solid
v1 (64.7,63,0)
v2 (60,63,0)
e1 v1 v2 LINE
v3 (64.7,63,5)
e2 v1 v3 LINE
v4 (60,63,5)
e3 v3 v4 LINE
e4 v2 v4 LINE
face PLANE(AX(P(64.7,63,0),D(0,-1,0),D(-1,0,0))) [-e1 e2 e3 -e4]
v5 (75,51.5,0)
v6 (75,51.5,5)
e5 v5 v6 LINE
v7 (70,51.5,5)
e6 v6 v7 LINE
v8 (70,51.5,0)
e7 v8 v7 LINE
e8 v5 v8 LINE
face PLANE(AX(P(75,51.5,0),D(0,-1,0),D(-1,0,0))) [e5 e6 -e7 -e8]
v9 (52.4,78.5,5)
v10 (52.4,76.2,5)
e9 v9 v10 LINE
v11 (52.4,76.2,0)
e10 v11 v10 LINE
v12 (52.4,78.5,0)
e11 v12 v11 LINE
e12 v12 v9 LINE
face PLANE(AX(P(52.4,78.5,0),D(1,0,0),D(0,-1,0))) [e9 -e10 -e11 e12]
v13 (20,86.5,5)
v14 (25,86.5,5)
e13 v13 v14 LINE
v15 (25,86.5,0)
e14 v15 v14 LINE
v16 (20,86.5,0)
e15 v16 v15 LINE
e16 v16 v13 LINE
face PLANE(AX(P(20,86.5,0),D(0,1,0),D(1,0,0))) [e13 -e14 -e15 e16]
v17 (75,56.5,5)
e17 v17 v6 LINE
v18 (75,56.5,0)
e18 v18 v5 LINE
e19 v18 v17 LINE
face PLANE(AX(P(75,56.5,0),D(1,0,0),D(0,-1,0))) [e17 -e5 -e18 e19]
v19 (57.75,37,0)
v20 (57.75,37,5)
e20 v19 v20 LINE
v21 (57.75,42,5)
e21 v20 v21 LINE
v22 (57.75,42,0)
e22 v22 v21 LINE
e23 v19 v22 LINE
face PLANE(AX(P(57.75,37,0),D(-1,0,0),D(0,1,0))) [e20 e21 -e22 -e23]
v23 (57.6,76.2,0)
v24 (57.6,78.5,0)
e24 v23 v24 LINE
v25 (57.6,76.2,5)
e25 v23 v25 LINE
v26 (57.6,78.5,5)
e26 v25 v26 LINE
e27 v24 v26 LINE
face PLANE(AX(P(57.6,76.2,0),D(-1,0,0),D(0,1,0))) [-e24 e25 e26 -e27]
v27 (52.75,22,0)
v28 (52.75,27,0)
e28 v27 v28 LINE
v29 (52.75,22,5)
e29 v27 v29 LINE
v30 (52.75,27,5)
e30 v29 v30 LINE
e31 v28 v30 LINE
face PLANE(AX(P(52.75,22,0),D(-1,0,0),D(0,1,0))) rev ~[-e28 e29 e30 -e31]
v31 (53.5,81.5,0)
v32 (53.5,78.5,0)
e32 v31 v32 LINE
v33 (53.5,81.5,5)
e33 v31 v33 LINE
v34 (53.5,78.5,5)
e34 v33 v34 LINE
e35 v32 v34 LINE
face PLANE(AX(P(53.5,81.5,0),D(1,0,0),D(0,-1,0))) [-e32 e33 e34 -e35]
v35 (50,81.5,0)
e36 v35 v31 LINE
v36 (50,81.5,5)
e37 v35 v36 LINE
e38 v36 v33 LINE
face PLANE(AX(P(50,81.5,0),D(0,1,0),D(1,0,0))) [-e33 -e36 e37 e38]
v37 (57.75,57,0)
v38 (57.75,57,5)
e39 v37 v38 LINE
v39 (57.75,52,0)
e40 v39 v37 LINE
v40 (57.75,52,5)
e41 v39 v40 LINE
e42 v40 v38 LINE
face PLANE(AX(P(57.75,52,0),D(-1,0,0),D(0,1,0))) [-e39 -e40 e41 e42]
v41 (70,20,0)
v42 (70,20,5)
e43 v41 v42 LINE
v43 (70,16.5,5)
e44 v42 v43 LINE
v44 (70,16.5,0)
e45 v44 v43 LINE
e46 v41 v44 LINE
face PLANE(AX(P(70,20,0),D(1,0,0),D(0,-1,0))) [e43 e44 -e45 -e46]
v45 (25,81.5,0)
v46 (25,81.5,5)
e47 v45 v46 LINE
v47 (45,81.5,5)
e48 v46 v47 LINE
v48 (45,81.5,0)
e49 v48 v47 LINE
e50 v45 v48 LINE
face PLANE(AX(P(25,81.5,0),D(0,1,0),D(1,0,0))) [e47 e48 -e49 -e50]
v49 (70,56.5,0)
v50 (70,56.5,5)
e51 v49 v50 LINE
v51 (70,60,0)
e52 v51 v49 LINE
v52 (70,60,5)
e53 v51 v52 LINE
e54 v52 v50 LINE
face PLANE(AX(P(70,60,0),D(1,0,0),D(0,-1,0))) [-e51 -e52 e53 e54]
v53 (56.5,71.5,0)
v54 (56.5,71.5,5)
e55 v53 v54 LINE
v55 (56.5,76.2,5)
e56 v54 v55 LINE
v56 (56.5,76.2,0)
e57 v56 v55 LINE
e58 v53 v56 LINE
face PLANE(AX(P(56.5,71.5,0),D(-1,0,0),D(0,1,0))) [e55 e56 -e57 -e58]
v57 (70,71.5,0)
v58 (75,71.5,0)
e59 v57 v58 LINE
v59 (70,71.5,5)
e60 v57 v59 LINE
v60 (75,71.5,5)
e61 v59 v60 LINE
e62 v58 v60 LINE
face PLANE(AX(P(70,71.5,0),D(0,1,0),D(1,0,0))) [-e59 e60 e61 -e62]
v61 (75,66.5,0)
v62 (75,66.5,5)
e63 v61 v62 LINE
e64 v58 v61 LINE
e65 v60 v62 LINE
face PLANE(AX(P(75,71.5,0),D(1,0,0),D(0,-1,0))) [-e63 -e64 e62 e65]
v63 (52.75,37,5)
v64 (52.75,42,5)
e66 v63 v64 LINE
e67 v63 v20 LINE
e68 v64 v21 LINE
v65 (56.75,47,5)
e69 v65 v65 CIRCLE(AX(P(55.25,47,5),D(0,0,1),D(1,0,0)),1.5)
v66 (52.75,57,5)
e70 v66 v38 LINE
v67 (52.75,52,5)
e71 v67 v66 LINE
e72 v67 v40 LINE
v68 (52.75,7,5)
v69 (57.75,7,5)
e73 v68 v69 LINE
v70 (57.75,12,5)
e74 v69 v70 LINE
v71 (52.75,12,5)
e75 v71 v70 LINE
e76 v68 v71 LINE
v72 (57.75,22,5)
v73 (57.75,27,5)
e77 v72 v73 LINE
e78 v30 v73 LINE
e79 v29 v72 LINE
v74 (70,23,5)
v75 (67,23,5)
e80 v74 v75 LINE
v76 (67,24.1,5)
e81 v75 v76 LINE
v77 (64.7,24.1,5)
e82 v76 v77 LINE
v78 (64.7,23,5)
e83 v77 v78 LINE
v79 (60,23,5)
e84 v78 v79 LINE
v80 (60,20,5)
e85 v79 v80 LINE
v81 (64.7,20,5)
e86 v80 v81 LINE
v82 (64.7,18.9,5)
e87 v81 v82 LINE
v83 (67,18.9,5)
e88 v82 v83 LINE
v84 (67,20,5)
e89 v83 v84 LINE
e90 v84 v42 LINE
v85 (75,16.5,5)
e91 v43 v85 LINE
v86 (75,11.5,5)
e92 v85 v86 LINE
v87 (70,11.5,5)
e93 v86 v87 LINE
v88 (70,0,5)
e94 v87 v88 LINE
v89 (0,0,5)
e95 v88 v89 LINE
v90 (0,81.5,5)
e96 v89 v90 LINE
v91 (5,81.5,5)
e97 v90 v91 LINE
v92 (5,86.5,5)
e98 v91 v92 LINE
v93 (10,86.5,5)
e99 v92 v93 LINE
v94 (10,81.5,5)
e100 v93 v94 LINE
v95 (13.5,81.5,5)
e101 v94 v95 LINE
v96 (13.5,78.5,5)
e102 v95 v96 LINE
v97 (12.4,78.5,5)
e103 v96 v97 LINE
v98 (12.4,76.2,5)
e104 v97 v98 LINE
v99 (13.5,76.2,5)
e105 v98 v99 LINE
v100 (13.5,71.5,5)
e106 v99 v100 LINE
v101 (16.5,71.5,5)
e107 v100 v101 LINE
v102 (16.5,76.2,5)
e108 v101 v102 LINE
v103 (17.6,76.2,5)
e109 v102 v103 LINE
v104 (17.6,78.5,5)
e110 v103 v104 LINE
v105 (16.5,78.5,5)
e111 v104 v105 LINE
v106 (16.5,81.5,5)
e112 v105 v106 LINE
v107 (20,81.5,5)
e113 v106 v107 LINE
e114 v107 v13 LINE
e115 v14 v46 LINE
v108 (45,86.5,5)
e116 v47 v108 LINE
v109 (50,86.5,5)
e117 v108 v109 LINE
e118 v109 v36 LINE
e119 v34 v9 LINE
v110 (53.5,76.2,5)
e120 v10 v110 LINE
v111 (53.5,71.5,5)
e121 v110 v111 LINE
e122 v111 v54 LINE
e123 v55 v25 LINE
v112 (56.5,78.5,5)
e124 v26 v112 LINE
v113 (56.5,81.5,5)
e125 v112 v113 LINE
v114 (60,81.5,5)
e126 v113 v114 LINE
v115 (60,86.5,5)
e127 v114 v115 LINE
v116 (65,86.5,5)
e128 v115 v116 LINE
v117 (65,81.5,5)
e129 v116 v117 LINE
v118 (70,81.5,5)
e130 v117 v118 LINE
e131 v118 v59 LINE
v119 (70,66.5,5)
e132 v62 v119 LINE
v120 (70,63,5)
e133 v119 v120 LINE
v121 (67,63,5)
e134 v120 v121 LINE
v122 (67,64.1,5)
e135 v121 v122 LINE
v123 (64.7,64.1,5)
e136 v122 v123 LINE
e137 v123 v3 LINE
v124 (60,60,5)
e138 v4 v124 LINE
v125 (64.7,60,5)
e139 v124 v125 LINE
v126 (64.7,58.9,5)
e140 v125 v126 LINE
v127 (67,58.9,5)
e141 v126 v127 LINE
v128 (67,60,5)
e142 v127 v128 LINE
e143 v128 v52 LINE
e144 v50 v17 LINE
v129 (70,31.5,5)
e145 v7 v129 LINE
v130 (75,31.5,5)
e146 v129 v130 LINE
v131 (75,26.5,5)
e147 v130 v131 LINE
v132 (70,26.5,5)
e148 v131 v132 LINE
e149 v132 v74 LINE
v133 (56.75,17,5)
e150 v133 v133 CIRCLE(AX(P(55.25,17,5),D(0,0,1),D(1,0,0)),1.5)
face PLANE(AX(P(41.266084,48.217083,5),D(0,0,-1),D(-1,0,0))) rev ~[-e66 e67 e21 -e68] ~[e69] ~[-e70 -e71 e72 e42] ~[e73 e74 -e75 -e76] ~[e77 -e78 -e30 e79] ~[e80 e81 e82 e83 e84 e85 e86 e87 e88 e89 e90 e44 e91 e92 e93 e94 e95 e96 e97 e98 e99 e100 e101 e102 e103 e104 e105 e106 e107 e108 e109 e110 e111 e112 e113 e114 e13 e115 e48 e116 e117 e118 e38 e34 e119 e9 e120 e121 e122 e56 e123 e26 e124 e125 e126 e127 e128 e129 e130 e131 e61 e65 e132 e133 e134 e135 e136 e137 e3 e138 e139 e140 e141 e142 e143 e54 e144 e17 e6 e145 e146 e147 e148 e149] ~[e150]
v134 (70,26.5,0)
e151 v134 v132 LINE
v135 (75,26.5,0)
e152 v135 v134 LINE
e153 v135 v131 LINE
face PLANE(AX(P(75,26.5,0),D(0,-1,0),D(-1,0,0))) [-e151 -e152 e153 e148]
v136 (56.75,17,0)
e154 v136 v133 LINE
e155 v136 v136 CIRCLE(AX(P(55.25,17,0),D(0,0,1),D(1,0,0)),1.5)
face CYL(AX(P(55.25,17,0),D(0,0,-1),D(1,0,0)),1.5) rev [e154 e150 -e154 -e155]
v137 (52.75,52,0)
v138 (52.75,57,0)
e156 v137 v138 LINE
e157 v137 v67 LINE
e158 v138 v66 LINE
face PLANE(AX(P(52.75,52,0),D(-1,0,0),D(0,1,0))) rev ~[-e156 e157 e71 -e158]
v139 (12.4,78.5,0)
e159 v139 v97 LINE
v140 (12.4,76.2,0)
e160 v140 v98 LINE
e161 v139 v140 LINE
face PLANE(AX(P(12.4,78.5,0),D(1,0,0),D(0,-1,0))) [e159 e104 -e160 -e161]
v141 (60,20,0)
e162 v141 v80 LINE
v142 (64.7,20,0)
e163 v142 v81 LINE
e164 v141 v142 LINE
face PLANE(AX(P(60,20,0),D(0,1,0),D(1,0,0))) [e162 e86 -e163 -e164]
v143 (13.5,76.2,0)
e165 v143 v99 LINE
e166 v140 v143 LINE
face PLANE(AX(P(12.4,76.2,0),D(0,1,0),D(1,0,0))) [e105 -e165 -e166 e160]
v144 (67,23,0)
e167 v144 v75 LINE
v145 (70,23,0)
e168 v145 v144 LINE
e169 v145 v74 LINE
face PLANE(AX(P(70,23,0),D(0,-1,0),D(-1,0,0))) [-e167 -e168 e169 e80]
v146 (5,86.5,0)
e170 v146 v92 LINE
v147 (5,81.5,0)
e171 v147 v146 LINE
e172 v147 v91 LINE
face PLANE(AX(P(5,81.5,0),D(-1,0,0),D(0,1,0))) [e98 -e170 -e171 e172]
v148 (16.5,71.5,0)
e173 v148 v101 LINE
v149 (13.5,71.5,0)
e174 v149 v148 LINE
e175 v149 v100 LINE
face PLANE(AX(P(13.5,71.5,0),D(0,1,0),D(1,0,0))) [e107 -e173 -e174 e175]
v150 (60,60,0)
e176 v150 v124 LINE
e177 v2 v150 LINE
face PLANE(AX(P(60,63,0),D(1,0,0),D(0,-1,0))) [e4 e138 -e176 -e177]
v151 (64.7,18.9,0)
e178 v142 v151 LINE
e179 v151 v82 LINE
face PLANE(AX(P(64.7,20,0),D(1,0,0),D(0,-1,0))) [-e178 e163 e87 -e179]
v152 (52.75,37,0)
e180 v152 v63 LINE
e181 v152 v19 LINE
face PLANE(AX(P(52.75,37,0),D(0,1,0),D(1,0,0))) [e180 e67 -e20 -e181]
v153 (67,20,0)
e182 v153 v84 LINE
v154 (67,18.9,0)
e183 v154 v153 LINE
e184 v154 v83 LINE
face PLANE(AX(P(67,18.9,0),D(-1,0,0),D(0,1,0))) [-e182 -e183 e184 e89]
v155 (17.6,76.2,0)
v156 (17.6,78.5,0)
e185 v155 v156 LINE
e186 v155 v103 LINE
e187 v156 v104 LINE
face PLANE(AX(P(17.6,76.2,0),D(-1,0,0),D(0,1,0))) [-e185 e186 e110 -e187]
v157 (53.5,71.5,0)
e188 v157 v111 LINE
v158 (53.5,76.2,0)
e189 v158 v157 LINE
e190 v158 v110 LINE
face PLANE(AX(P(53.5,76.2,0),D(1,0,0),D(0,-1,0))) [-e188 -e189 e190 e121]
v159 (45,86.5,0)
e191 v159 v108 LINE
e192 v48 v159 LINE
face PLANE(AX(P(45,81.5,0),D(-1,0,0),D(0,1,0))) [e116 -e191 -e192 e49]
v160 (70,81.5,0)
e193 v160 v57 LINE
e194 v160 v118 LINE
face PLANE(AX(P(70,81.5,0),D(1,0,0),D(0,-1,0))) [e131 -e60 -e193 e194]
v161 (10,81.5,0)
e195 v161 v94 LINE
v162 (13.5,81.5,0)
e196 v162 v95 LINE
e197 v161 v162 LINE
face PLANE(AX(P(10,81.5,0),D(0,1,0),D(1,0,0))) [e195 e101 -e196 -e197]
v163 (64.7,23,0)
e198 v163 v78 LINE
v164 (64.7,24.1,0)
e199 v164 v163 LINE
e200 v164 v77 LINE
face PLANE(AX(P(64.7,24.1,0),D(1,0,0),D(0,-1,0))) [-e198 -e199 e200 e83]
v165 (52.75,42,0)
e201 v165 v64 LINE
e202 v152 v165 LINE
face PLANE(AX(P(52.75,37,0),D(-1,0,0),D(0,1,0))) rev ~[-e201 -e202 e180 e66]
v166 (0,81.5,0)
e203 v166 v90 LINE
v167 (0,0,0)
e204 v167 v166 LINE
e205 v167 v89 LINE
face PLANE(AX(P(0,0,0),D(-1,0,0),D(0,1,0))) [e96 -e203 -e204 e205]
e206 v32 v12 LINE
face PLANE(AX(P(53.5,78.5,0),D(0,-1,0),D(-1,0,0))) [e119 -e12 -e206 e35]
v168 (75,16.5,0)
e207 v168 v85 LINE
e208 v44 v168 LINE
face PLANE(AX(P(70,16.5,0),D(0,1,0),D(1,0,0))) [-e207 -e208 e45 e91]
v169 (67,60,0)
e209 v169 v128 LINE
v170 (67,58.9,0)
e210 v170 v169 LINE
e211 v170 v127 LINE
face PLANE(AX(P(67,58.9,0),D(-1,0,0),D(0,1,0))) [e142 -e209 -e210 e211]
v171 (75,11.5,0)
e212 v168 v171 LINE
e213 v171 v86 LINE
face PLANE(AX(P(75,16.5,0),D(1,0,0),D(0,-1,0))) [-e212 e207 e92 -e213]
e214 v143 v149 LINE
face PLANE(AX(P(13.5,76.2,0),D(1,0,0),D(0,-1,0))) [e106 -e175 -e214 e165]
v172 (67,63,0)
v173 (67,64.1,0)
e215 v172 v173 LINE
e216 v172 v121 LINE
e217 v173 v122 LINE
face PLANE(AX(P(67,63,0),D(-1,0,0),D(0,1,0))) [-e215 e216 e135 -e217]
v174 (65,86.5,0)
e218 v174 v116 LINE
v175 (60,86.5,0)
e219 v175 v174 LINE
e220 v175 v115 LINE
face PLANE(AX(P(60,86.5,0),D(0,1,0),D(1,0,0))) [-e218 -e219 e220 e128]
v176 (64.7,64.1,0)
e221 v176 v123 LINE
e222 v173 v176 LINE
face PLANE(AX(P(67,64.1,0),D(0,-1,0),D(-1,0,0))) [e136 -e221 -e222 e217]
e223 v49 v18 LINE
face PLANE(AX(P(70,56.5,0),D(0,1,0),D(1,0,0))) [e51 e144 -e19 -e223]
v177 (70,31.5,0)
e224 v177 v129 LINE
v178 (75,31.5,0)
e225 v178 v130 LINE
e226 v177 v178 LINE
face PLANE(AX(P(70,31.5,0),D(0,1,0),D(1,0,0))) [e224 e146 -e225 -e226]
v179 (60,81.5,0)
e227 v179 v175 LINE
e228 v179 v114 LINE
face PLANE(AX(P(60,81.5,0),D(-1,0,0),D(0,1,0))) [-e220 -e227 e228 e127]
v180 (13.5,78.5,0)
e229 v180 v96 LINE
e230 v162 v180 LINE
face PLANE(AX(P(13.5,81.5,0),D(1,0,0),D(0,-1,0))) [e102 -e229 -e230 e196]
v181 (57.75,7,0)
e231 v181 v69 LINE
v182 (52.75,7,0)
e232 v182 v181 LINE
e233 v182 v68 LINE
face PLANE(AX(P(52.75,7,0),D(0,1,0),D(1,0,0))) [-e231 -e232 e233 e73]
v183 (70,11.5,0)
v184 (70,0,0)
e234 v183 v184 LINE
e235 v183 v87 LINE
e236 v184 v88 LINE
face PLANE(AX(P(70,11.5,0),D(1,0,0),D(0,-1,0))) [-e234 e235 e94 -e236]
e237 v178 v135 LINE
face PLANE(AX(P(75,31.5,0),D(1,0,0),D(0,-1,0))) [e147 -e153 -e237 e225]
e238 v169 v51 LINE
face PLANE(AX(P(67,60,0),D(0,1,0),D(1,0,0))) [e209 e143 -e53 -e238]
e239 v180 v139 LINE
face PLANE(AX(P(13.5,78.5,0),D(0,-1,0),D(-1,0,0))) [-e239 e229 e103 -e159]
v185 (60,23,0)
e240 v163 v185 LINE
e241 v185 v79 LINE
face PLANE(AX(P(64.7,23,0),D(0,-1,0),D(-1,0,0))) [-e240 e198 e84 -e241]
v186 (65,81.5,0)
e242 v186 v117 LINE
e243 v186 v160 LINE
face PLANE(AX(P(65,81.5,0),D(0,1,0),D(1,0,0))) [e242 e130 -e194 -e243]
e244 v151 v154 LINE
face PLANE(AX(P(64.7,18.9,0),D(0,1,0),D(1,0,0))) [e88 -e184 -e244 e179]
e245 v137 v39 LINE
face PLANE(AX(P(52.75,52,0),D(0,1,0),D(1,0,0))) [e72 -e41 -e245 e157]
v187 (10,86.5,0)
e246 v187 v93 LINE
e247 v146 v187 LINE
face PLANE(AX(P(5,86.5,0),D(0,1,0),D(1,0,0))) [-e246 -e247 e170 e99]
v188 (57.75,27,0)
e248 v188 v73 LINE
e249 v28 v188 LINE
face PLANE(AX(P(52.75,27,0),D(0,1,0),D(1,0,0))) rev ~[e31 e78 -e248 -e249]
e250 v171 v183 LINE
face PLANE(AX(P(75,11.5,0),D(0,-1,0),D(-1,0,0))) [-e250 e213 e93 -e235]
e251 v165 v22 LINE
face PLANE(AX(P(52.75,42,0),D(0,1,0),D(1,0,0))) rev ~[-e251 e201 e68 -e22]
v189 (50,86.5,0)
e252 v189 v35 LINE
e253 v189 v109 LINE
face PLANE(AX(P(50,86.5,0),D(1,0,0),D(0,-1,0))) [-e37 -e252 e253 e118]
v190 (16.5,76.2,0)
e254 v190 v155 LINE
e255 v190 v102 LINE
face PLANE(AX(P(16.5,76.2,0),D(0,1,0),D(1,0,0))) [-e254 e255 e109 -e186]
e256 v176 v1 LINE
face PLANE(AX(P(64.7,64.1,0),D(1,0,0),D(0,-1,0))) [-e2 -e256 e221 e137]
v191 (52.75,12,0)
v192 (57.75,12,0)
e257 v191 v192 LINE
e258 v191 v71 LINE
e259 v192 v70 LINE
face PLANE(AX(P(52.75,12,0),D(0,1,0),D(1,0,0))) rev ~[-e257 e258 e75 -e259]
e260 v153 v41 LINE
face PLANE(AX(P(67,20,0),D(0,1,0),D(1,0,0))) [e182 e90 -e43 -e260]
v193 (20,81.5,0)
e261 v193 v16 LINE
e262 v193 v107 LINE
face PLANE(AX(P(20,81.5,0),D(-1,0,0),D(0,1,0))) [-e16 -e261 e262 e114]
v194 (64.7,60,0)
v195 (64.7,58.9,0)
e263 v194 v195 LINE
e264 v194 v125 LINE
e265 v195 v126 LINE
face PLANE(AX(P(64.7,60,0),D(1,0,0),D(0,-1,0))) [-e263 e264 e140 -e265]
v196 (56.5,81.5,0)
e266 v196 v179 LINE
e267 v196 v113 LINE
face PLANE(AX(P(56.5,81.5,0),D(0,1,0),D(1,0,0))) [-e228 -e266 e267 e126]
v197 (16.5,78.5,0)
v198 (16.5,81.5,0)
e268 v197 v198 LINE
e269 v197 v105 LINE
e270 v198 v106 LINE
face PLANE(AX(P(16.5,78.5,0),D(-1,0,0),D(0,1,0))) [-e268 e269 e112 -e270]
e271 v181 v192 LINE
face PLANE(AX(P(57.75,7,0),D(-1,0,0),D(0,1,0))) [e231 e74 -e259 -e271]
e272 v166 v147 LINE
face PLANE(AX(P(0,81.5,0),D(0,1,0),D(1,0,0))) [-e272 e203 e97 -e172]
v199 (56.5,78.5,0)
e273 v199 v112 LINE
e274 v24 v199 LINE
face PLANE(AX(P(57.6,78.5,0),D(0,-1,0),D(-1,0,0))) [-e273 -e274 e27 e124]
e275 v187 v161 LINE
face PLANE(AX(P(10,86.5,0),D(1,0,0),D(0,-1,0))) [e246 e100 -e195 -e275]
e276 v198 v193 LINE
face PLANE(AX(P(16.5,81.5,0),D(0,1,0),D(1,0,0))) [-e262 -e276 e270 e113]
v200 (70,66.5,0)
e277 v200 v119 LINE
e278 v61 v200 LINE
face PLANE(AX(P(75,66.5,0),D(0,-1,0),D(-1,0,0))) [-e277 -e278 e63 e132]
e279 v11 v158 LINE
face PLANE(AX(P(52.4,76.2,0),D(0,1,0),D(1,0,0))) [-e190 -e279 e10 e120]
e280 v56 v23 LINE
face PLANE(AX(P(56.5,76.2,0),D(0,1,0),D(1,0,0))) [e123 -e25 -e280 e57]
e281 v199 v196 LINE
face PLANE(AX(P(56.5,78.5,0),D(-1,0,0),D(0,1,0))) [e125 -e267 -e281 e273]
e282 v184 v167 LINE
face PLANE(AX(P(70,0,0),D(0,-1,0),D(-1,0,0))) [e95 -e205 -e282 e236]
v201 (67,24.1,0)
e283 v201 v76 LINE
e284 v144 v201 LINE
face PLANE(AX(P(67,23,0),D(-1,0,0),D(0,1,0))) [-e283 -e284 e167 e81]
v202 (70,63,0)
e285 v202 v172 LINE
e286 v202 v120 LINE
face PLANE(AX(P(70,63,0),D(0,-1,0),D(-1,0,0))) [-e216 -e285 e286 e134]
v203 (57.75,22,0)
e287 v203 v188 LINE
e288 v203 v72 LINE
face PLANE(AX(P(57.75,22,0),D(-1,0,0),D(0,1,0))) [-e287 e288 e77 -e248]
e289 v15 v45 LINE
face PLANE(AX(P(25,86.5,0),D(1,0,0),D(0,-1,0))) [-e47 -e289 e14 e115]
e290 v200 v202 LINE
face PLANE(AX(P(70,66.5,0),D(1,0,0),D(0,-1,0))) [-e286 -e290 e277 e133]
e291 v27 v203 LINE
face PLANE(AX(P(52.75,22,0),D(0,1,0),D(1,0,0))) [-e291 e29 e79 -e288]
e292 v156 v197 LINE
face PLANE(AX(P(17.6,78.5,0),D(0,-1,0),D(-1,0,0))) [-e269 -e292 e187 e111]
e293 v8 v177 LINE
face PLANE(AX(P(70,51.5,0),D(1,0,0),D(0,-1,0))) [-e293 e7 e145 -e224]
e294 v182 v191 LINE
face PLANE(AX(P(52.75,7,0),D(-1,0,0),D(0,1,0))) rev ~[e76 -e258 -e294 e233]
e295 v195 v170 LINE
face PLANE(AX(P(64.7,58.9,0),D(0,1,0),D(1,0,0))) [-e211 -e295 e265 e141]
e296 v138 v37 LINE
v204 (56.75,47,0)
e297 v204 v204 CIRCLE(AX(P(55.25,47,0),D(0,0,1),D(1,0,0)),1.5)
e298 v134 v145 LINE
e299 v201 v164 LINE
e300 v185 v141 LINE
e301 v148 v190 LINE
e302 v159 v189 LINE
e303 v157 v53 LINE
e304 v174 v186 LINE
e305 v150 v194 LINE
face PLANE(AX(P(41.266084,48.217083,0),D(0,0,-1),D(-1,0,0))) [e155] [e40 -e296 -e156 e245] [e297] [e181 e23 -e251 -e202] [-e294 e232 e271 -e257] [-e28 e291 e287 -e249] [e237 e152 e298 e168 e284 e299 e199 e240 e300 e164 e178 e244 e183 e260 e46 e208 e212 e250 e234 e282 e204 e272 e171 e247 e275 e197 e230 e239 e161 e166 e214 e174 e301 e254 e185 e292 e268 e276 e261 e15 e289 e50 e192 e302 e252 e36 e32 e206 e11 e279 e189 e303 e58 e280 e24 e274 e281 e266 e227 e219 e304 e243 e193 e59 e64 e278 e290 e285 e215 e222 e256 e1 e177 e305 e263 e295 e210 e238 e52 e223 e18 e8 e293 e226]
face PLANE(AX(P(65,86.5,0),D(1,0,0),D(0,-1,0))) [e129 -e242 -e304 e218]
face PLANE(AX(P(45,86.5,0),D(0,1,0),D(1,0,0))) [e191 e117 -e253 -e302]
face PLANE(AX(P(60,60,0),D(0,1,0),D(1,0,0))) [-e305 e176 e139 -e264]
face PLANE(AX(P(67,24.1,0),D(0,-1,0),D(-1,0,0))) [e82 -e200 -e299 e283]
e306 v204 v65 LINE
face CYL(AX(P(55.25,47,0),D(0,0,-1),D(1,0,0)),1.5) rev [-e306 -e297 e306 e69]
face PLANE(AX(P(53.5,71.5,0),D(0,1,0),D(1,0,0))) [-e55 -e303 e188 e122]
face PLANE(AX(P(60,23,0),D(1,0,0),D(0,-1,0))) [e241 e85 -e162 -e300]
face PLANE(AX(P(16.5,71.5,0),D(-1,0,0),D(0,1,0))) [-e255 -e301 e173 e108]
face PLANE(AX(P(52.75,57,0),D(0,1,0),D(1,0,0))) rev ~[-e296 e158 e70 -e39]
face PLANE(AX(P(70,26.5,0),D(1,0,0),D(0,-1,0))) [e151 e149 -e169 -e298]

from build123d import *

# Parameters (mm, degrees)
SKETCH1_R           = 1.5
SKETCH1_W           = 5
SKETCH1_H           = 5
BOSS_EXTRUDE1_DEPTH = 5


with BuildPart() as part:
    # Sketch1 → Boss-Extrude1 (new body)
    with BuildSketch(Plane.XY):
        Polygon((70, 81.5), (70, 71.5), (75, 71.5), (75, 66.5), (70, 66.5), (70, 63), (67, 63), (67, 64.1), (64.7, 64.1), (64.7, 63), (60, 63), (60, 60), (64.7, 60), (64.7, 58.9), (67, 58.9), (67, 60), (70, 60), (70, 56.5), (75, 56.5), (75, 51.5), (70, 51.5), (70, 31.5), (75, 31.5), (75, 26.5), (70, 26.5), (70, 23), (67, 23), (67, 24.1), (64.7, 24.1), (64.7, 23), (60, 23), (60, 20), (64.7, 20), (64.7, 18.9), (67, 18.9), (67, 20), (70, 20), (70, 16.5), (75, 16.5), (75, 11.5), (70, 11.5), (70, 0), (0, 0), (0, 81.5), (5, 81.5), (5, 86.5), (10, 86.5), (10, 81.5), (13.5, 81.5), (13.5, 78.5), (12.4, 78.5), (12.4, 76.2), (13.5, 76.2), (13.5, 71.5), (16.5, 71.5), (16.5, 76.2), (17.6, 76.2), (17.6, 78.5), (16.5, 78.5), (16.5, 81.5), (20, 81.5), (20, 86.5), (25, 86.5), (25, 81.5), (45, 81.5), (45, 86.5), (50, 86.5), (50, 81.5), (53.5, 81.5), (53.5, 78.5), (52.4, 78.5), (52.4, 76.2), (53.5, 76.2), (53.5, 71.5), (56.5, 71.5), (56.5, 76.2), (57.6, 76.2), (57.6, 78.5), (56.5, 78.5), (56.5, 81.5), (60, 81.5), (60, 86.5), (65, 86.5), (65, 81.5), align=None)
        with Locations((55.25, 47)):
            Circle(SKETCH1_R, mode=Mode.SUBTRACT)
        with Locations((55.25, 17)):
            Circle(SKETCH1_R, mode=Mode.SUBTRACT)
        with Locations((55.25, 39.5)):
            Rectangle(SKETCH1_W, SKETCH1_H, mode=Mode.SUBTRACT)
        with Locations((55.25, 54.5)):
            Rectangle(SKETCH1_W, SKETCH1_H, mode=Mode.SUBTRACT)
        with Locations((55.25, 9.5)):
            Rectangle(SKETCH1_W, SKETCH1_H, mode=Mode.SUBTRACT)
        with Locations((55.25, 24.5)):
            Rectangle(SKETCH1_W, SKETCH1_H, mode=Mode.SUBTRACT)
    extrude(amount=BOSS_EXTRUDE1_DEPTH)


solid = part.part
